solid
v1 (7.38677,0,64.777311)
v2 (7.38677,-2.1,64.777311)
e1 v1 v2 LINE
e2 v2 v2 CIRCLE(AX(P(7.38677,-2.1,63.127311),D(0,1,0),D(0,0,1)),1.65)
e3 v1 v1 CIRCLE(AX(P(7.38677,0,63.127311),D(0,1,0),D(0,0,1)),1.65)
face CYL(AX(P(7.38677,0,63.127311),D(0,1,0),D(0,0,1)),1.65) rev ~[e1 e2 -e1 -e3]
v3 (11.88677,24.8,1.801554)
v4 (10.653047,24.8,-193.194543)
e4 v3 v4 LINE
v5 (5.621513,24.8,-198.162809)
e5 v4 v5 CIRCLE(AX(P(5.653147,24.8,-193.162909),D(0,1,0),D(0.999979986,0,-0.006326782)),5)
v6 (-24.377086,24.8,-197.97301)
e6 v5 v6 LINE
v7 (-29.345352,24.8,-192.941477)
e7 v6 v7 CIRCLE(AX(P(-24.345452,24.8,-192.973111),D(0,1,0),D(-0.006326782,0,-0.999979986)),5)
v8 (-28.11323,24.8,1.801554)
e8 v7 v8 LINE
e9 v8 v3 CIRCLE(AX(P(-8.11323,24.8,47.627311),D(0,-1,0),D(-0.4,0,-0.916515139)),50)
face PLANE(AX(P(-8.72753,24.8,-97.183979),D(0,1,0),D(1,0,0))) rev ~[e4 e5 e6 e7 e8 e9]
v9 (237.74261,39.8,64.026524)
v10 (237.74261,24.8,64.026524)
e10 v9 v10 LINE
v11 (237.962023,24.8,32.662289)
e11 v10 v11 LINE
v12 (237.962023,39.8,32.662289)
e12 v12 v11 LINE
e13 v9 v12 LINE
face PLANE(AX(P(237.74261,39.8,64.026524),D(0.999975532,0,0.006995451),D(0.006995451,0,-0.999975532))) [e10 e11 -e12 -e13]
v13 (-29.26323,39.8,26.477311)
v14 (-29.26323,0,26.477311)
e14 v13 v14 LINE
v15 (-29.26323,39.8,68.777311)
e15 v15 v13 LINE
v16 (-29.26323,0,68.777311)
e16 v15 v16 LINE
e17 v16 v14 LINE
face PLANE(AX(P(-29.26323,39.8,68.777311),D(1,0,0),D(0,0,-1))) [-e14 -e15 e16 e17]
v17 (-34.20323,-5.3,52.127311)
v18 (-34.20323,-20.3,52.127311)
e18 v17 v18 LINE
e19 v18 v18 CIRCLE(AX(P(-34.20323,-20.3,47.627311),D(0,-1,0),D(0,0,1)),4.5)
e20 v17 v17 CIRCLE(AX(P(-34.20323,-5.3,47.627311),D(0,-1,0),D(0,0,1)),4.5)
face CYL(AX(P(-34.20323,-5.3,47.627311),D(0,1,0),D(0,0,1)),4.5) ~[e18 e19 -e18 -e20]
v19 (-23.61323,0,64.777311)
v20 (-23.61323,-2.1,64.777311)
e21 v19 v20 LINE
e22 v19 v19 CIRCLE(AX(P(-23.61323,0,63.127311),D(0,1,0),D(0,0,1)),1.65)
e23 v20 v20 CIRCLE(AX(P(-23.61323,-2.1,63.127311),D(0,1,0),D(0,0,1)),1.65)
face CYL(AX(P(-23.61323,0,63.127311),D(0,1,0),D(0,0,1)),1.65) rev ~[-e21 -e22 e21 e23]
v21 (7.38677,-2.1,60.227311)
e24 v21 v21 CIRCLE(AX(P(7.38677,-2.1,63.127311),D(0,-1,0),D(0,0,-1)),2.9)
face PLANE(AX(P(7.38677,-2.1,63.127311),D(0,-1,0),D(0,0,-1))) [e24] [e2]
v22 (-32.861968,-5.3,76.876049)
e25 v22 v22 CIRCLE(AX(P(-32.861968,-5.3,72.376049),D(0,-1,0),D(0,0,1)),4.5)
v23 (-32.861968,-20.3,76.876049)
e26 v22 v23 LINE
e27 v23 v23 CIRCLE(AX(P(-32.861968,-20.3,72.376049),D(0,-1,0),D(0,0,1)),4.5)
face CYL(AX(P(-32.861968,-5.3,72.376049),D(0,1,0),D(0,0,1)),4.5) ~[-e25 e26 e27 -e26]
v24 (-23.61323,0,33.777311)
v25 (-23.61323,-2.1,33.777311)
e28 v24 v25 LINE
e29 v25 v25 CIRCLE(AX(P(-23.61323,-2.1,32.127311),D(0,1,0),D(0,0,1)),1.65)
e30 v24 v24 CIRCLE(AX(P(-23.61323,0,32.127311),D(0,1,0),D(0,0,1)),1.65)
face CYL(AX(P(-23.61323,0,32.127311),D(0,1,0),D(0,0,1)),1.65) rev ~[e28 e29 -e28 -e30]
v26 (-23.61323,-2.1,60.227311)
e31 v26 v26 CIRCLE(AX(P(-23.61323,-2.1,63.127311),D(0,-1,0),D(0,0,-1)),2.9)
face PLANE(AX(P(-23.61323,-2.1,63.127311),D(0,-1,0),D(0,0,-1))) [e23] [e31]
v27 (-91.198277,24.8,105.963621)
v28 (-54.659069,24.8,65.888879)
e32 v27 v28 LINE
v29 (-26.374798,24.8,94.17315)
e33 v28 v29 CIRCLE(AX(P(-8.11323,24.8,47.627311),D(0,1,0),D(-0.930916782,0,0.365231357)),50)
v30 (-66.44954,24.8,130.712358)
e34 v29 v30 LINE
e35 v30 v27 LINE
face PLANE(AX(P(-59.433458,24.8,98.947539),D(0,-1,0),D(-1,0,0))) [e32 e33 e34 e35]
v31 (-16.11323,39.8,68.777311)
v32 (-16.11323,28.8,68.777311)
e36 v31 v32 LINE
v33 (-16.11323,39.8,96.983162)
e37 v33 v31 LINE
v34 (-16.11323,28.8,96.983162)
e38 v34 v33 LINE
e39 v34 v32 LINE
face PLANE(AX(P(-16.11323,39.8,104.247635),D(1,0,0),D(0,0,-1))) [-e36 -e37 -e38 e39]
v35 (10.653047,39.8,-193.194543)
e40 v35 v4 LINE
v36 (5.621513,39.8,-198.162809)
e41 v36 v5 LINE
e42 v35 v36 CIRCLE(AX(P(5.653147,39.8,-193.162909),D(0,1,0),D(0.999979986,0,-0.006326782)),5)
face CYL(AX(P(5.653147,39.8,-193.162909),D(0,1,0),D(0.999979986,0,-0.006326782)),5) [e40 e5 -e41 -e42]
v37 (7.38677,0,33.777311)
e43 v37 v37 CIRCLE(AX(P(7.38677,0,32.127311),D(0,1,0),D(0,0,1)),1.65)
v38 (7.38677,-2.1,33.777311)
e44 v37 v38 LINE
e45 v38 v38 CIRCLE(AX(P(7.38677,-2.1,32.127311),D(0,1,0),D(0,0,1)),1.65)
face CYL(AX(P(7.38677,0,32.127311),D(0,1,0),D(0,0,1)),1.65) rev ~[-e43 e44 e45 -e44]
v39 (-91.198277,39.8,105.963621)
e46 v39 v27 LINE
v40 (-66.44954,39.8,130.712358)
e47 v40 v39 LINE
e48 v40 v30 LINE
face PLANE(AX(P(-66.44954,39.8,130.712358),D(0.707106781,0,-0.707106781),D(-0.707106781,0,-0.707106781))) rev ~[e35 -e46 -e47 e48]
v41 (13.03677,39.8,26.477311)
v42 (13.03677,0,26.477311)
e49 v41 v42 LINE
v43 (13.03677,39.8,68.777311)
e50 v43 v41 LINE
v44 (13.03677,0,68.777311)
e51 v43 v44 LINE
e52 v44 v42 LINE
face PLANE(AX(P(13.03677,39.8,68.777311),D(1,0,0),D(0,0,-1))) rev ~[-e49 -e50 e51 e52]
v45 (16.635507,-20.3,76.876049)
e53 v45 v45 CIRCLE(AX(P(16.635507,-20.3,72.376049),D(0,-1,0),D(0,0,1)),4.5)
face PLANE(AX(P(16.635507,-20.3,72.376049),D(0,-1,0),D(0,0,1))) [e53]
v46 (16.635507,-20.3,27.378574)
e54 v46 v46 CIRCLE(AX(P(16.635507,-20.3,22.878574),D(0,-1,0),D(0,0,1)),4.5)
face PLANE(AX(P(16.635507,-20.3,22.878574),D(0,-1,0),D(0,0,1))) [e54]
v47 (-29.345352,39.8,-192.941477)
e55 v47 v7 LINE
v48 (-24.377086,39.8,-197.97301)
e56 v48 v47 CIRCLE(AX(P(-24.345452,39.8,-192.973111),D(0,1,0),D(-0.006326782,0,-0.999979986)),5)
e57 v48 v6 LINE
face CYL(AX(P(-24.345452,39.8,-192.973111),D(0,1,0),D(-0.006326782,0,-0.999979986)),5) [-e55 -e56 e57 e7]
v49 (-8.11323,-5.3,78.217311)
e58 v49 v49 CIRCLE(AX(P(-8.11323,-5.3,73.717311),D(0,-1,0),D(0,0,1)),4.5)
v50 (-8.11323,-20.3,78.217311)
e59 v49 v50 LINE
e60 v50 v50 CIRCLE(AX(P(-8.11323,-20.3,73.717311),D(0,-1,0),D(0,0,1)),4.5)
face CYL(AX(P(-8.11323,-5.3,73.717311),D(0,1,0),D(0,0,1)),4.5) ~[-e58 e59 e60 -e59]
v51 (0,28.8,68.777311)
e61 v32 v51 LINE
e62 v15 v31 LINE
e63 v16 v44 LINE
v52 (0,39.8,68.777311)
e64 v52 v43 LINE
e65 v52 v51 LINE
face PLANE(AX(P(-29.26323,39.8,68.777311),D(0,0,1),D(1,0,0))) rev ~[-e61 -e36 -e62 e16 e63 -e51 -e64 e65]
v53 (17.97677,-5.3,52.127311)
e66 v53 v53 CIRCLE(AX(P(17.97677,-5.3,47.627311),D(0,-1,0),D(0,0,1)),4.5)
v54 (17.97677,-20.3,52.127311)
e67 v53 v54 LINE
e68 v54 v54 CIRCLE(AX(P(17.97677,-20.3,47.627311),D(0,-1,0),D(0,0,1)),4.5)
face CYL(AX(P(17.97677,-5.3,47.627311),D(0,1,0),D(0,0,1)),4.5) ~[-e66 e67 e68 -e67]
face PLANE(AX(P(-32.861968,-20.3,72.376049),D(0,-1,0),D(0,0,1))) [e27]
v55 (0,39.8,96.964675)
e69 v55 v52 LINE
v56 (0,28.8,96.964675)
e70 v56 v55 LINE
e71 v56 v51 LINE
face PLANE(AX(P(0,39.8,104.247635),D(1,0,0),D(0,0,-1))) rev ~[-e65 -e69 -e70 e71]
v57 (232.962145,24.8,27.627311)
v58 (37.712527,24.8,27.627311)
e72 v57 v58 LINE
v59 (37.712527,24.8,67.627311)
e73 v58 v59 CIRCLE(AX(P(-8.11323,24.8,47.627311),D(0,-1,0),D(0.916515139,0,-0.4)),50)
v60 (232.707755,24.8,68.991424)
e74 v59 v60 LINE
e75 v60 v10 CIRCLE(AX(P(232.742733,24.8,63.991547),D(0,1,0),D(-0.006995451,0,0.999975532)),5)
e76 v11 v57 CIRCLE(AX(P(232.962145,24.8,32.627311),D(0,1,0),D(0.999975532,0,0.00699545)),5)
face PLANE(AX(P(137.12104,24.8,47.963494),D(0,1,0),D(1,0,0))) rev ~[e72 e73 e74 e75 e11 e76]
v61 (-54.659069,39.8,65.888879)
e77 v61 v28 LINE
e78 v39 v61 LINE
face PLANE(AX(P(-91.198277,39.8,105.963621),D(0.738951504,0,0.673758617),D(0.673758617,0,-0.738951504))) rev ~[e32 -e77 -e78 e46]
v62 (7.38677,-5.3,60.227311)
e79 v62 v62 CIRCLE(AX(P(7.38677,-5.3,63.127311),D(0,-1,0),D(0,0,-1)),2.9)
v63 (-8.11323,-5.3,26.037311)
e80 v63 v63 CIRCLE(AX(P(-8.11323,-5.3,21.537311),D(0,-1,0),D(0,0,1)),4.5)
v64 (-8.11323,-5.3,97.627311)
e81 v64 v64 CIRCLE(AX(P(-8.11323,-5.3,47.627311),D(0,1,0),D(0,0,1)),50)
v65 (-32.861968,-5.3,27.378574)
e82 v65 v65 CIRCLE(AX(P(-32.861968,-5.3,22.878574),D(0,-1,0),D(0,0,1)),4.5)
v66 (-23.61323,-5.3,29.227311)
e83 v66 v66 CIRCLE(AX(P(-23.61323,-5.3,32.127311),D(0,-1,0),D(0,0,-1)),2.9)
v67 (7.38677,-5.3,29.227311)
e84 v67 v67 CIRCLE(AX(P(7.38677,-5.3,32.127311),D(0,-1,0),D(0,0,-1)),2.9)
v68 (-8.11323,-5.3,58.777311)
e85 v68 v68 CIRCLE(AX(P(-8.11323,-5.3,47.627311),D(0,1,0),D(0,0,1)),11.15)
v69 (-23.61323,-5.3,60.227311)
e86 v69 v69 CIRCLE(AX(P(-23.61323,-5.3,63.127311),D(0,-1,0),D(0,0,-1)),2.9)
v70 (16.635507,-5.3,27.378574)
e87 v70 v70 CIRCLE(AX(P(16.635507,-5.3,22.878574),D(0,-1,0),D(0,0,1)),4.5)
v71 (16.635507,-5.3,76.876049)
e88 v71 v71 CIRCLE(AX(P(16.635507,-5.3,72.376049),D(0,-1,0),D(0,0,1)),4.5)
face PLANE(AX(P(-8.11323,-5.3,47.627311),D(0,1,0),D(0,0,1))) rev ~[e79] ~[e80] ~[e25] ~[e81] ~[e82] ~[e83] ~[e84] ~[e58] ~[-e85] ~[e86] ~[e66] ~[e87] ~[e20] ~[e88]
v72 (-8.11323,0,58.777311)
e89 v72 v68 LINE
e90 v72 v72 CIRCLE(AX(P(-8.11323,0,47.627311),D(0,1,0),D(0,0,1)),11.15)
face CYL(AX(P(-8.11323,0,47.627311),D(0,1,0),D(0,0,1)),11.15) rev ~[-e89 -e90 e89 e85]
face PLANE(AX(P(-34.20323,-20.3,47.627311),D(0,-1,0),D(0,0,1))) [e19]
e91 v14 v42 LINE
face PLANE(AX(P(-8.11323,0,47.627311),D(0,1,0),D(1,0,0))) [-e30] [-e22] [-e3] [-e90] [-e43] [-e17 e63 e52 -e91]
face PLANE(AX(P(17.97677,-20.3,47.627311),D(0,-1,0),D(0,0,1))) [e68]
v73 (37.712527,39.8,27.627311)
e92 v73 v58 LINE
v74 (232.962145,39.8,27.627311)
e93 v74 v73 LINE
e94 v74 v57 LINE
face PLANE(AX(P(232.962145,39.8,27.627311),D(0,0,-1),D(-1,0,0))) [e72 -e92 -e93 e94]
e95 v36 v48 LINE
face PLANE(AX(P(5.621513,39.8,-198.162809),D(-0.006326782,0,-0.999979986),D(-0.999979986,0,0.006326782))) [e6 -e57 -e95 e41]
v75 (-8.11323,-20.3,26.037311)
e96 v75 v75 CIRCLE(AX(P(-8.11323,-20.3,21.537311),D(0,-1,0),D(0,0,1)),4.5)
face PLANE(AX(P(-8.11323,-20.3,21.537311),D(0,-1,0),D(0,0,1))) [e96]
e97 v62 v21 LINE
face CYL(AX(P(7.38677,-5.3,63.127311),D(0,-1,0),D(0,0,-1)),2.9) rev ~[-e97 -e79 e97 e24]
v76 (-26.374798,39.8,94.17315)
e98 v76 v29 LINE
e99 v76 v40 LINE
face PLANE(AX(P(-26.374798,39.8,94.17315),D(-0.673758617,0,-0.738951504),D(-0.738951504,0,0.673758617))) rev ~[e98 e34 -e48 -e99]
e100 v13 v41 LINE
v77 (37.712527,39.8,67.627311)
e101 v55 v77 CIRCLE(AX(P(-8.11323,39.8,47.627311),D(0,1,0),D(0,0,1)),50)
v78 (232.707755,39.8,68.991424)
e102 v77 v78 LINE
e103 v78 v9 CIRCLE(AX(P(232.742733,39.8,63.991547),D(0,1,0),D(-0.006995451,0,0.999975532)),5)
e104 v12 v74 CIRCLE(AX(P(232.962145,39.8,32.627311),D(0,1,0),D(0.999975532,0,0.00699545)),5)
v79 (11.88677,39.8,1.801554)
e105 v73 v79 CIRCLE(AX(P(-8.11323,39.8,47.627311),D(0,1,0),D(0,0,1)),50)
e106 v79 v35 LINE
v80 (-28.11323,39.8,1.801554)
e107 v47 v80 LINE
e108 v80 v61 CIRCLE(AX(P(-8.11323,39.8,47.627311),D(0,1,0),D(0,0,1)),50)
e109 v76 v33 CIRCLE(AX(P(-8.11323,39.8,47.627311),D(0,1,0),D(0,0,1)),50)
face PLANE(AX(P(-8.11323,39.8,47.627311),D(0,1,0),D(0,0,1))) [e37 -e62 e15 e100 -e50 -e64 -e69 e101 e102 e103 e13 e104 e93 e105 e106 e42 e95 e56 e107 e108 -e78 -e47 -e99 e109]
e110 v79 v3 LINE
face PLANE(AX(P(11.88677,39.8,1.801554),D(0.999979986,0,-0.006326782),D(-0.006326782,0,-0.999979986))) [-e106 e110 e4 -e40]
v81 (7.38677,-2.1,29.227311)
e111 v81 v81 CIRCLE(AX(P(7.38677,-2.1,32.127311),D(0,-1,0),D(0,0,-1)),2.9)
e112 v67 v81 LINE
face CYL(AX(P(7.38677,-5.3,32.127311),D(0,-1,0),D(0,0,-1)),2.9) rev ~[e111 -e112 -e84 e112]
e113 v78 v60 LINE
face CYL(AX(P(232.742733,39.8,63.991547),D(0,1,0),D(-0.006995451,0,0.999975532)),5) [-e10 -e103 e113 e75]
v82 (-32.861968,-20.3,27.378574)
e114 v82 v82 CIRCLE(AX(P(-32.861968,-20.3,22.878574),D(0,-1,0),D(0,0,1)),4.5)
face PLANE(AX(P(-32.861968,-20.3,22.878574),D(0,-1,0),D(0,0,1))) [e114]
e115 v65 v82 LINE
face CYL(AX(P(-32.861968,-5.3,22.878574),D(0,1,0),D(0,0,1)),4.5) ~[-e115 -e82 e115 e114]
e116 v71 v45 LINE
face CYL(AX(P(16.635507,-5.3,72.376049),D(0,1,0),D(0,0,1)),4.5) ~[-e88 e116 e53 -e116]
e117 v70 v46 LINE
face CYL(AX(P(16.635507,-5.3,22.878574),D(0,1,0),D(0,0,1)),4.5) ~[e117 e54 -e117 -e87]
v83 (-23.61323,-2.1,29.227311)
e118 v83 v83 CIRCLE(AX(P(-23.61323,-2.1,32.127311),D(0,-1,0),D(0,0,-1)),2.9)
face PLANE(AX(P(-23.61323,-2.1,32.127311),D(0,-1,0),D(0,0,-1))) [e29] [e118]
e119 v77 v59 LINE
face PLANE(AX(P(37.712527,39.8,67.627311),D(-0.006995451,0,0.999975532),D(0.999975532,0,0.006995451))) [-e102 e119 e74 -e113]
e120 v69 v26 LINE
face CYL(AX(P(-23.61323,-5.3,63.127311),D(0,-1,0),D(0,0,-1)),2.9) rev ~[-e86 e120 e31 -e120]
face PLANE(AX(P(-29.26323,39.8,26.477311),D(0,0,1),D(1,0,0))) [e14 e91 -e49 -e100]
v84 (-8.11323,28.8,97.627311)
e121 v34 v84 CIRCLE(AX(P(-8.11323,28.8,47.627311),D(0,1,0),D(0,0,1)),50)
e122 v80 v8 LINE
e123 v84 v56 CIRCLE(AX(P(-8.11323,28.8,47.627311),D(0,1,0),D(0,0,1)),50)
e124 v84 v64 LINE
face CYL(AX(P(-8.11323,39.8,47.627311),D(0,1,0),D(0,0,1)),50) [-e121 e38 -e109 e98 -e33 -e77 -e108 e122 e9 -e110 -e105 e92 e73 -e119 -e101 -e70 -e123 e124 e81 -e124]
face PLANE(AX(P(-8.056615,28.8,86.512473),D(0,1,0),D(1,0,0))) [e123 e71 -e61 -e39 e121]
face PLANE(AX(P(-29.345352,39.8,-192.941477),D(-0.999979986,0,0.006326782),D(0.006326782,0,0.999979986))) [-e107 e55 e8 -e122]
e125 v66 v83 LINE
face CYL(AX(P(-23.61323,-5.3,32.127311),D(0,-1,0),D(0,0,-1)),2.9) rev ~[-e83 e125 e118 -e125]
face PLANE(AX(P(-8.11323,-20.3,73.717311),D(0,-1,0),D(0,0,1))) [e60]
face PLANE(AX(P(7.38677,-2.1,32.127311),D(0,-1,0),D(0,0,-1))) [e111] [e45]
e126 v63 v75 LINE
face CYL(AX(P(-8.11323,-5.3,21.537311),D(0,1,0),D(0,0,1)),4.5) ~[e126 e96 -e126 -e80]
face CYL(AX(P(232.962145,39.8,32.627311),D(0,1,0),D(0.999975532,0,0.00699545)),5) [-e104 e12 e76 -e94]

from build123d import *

# Parameters (mm, degrees)
SKETCH4_R           = 50
BOSS_EXTRUDE3_DEPTH = 45.1
SKETCH16_R          = 4.5
BOSS_EXTRUDE5_DEPTH = 15
CUT_EXTRUDE1_DEPTH  = 39.8
SKETCH7_W           = 16.113230219
SKETCH7_H           = 35.470323835
CUT_EXTRUDE3_DEPTH  = 11
SKETCH8_R           = 11.15
SKETCH8_R_2         = 1.65
CUT_EXTRUDE4_DEPTH  = 5.3
SKETCH9_R           = 2.9
CUT_EXTRUDE5_DEPTH  = 3.2
BOSS_EXTRUDE4_DEPTH = 15


with BuildPart() as part:
    # Sketch4 → Boss-Extrude3 (new body)
    with BuildSketch(Plane(origin=(0, 39.8, 0), x_dir=(1, 0, 0), z_dir=(0, 1, 0))):
        with Locations((-8.113230219, -47.62731131)):
            Circle(SKETCH4_R)
    extrude(amount=-BOSS_EXTRUDE3_DEPTH)

    # Sketch16 → Boss-Extrude5 (add)
    with BuildSketch(Plane.XZ.offset(5.3)):
        with Locations((-8.113230219, 21.53731131)):
            Circle(SKETCH16_R)
        with Locations((17.976769781, 47.62731131)):
            Circle(SKETCH16_R)
        with Locations((-8.113230219, 73.71731131)):
            Circle(SKETCH16_R)
        with Locations((-34.203230219, 47.62731131)):
            Circle(SKETCH16_R)
        with Locations((-32.86196756, 22.878573969)):
            Circle(SKETCH16_R)
        with Locations((16.635507123, 22.878573969)):
            Circle(SKETCH16_R)
        with Locations((16.635507123, 72.376048652)):
            Circle(SKETCH16_R)
        with Locations((-32.86196756, 72.376048652)):
            Circle(SKETCH16_R)
    extrude(amount=BOSS_EXTRUDE5_DEPTH)

    # Sketch5 → Cut-Extrude1 (cut)
    with BuildSketch(Plane(origin=(0, 39.8, 0), x_dir=(1, 0, 0), z_dir=(0, 1, 0))):
        Polygon((13.036769781, -26.47731131), (-29.263230219, -26.47731131), (-29.263230219, -68.77731131), (-16.113230219, -68.77731131), (-0.113230219, -68.77731131), (13.036769781, -68.77731131), align=None)
    extrude(amount=-CUT_EXTRUDE1_DEPTH, mode=Mode.SUBTRACT)

    # Sketch7 → Cut-Extrude3 (cut)
    with BuildSketch(Plane(origin=(0, 39.8, 0), x_dir=(1, 0, 0), z_dir=(0, 1, 0))):
        with Locations((-8.05661511, -86.512473228)):
            Rectangle(SKETCH7_W, SKETCH7_H)
    extrude(amount=-CUT_EXTRUDE3_DEPTH, mode=Mode.SUBTRACT)

    # Sketch8 → Cut-Extrude4 (cut)
    with BuildSketch(Plane(origin=(0, 0, 0), x_dir=(1, 0, 0), z_dir=(0, 1, 0))):
        with Locations((-8.113230219, -47.62731131)):
            Circle(SKETCH8_R)
        with Locations((7.386769781, -32.12731131)):
            Circle(SKETCH8_R_2)
        with Locations((7.386769781, -63.12731131)):
            Circle(SKETCH8_R_2)
        with Locations((-23.613230219, -63.12731131)):
            Circle(SKETCH8_R_2)
        with Locations((-23.613230219, -32.12731131)):
            Circle(SKETCH8_R_2)
    extrude(amount=-CUT_EXTRUDE4_DEPTH, mode=Mode.SUBTRACT)

    # Sketch9 → Cut-Extrude5 (cut)
    with BuildSketch(Plane.XZ.offset(5.3)):
        with Locations((-23.613230219, 32.12731131)):
            Circle(SKETCH9_R)
        with Locations((-23.613230219, 63.12731131)):
            Circle(SKETCH9_R)
        with Locations((7.386769781, 63.12731131)):
            Circle(SKETCH9_R)
        with Locations((7.386769781, 32.12731131)):
            Circle(SKETCH9_R)
    extrude(amount=-CUT_EXTRUDE5_DEPTH, mode=Mode.SUBTRACT)

    # Sketch11 → Boss-Extrude4 (add)
    with BuildSketch(Plane(origin=(0, 39.8, 0), x_dir=(1, 0, 0), z_dir=(0, 1, 0))):
        with BuildLine():
            Line((232.962144958, -27.62731131), (37.712526731, -27.62731131))
            ThreePointArc((37.712526731, -27.62731131), (41.886769781, -47.62731131), (37.712526731, -67.62731131))
            Line((37.712526731, -67.62731131), (232.707755381, -68.991424164))
            ThreePointArc((232.707755381, -68.991424164), (236.253447378, -67.551726556), (237.742610291, -64.026523759))
            Line((237.742610291, -64.026523759), (237.962022615, -32.662288563))
            ThreePointArc((237.962022615, -32.662288563), (236.510023638, -29.104165434), (232.962144958, -27.62731131))
        make_face()
        with BuildLine():
            Line((-29.345351576, 192.94147664), (-28.113230219, -1.801554361))
            ThreePointArc((-28.113230219, -1.801554361), (-8.113230219, 2.37268869), (11.886769781, -1.801554361))
            Line((11.886769781, -1.801554361), (10.653047297, 193.194542854))
            ThreePointArc((10.653047297, 193.194542854), (9.166241961, 196.720740641), (5.621513459, 198.162808872))
            Line((5.621513459, 198.162808872), (-24.377085557, 197.973010478))
            ThreePointArc((-24.377085557, 197.973010478), (-27.903283344, 196.486205142), (-29.345351576, 192.94147664))
        make_face()
        with BuildLine():
            ThreePointArc((-26.374798087, -94.173150426), (-43.468569278, -82.98265037), (-54.659069334, -65.888879179))
            Line((-54.659069334, -65.888879179), (-91.198277008, -105.963620758))
            Line((-91.198277008, -105.963620758), (-66.449539667, -130.7123581))
            Line((-66.449539667, -130.7123581), (-26.374798087, -94.173150426))
        make_face()
    extrude(amount=-BOSS_EXTRUDE4_DEPTH)


solid = part.part
